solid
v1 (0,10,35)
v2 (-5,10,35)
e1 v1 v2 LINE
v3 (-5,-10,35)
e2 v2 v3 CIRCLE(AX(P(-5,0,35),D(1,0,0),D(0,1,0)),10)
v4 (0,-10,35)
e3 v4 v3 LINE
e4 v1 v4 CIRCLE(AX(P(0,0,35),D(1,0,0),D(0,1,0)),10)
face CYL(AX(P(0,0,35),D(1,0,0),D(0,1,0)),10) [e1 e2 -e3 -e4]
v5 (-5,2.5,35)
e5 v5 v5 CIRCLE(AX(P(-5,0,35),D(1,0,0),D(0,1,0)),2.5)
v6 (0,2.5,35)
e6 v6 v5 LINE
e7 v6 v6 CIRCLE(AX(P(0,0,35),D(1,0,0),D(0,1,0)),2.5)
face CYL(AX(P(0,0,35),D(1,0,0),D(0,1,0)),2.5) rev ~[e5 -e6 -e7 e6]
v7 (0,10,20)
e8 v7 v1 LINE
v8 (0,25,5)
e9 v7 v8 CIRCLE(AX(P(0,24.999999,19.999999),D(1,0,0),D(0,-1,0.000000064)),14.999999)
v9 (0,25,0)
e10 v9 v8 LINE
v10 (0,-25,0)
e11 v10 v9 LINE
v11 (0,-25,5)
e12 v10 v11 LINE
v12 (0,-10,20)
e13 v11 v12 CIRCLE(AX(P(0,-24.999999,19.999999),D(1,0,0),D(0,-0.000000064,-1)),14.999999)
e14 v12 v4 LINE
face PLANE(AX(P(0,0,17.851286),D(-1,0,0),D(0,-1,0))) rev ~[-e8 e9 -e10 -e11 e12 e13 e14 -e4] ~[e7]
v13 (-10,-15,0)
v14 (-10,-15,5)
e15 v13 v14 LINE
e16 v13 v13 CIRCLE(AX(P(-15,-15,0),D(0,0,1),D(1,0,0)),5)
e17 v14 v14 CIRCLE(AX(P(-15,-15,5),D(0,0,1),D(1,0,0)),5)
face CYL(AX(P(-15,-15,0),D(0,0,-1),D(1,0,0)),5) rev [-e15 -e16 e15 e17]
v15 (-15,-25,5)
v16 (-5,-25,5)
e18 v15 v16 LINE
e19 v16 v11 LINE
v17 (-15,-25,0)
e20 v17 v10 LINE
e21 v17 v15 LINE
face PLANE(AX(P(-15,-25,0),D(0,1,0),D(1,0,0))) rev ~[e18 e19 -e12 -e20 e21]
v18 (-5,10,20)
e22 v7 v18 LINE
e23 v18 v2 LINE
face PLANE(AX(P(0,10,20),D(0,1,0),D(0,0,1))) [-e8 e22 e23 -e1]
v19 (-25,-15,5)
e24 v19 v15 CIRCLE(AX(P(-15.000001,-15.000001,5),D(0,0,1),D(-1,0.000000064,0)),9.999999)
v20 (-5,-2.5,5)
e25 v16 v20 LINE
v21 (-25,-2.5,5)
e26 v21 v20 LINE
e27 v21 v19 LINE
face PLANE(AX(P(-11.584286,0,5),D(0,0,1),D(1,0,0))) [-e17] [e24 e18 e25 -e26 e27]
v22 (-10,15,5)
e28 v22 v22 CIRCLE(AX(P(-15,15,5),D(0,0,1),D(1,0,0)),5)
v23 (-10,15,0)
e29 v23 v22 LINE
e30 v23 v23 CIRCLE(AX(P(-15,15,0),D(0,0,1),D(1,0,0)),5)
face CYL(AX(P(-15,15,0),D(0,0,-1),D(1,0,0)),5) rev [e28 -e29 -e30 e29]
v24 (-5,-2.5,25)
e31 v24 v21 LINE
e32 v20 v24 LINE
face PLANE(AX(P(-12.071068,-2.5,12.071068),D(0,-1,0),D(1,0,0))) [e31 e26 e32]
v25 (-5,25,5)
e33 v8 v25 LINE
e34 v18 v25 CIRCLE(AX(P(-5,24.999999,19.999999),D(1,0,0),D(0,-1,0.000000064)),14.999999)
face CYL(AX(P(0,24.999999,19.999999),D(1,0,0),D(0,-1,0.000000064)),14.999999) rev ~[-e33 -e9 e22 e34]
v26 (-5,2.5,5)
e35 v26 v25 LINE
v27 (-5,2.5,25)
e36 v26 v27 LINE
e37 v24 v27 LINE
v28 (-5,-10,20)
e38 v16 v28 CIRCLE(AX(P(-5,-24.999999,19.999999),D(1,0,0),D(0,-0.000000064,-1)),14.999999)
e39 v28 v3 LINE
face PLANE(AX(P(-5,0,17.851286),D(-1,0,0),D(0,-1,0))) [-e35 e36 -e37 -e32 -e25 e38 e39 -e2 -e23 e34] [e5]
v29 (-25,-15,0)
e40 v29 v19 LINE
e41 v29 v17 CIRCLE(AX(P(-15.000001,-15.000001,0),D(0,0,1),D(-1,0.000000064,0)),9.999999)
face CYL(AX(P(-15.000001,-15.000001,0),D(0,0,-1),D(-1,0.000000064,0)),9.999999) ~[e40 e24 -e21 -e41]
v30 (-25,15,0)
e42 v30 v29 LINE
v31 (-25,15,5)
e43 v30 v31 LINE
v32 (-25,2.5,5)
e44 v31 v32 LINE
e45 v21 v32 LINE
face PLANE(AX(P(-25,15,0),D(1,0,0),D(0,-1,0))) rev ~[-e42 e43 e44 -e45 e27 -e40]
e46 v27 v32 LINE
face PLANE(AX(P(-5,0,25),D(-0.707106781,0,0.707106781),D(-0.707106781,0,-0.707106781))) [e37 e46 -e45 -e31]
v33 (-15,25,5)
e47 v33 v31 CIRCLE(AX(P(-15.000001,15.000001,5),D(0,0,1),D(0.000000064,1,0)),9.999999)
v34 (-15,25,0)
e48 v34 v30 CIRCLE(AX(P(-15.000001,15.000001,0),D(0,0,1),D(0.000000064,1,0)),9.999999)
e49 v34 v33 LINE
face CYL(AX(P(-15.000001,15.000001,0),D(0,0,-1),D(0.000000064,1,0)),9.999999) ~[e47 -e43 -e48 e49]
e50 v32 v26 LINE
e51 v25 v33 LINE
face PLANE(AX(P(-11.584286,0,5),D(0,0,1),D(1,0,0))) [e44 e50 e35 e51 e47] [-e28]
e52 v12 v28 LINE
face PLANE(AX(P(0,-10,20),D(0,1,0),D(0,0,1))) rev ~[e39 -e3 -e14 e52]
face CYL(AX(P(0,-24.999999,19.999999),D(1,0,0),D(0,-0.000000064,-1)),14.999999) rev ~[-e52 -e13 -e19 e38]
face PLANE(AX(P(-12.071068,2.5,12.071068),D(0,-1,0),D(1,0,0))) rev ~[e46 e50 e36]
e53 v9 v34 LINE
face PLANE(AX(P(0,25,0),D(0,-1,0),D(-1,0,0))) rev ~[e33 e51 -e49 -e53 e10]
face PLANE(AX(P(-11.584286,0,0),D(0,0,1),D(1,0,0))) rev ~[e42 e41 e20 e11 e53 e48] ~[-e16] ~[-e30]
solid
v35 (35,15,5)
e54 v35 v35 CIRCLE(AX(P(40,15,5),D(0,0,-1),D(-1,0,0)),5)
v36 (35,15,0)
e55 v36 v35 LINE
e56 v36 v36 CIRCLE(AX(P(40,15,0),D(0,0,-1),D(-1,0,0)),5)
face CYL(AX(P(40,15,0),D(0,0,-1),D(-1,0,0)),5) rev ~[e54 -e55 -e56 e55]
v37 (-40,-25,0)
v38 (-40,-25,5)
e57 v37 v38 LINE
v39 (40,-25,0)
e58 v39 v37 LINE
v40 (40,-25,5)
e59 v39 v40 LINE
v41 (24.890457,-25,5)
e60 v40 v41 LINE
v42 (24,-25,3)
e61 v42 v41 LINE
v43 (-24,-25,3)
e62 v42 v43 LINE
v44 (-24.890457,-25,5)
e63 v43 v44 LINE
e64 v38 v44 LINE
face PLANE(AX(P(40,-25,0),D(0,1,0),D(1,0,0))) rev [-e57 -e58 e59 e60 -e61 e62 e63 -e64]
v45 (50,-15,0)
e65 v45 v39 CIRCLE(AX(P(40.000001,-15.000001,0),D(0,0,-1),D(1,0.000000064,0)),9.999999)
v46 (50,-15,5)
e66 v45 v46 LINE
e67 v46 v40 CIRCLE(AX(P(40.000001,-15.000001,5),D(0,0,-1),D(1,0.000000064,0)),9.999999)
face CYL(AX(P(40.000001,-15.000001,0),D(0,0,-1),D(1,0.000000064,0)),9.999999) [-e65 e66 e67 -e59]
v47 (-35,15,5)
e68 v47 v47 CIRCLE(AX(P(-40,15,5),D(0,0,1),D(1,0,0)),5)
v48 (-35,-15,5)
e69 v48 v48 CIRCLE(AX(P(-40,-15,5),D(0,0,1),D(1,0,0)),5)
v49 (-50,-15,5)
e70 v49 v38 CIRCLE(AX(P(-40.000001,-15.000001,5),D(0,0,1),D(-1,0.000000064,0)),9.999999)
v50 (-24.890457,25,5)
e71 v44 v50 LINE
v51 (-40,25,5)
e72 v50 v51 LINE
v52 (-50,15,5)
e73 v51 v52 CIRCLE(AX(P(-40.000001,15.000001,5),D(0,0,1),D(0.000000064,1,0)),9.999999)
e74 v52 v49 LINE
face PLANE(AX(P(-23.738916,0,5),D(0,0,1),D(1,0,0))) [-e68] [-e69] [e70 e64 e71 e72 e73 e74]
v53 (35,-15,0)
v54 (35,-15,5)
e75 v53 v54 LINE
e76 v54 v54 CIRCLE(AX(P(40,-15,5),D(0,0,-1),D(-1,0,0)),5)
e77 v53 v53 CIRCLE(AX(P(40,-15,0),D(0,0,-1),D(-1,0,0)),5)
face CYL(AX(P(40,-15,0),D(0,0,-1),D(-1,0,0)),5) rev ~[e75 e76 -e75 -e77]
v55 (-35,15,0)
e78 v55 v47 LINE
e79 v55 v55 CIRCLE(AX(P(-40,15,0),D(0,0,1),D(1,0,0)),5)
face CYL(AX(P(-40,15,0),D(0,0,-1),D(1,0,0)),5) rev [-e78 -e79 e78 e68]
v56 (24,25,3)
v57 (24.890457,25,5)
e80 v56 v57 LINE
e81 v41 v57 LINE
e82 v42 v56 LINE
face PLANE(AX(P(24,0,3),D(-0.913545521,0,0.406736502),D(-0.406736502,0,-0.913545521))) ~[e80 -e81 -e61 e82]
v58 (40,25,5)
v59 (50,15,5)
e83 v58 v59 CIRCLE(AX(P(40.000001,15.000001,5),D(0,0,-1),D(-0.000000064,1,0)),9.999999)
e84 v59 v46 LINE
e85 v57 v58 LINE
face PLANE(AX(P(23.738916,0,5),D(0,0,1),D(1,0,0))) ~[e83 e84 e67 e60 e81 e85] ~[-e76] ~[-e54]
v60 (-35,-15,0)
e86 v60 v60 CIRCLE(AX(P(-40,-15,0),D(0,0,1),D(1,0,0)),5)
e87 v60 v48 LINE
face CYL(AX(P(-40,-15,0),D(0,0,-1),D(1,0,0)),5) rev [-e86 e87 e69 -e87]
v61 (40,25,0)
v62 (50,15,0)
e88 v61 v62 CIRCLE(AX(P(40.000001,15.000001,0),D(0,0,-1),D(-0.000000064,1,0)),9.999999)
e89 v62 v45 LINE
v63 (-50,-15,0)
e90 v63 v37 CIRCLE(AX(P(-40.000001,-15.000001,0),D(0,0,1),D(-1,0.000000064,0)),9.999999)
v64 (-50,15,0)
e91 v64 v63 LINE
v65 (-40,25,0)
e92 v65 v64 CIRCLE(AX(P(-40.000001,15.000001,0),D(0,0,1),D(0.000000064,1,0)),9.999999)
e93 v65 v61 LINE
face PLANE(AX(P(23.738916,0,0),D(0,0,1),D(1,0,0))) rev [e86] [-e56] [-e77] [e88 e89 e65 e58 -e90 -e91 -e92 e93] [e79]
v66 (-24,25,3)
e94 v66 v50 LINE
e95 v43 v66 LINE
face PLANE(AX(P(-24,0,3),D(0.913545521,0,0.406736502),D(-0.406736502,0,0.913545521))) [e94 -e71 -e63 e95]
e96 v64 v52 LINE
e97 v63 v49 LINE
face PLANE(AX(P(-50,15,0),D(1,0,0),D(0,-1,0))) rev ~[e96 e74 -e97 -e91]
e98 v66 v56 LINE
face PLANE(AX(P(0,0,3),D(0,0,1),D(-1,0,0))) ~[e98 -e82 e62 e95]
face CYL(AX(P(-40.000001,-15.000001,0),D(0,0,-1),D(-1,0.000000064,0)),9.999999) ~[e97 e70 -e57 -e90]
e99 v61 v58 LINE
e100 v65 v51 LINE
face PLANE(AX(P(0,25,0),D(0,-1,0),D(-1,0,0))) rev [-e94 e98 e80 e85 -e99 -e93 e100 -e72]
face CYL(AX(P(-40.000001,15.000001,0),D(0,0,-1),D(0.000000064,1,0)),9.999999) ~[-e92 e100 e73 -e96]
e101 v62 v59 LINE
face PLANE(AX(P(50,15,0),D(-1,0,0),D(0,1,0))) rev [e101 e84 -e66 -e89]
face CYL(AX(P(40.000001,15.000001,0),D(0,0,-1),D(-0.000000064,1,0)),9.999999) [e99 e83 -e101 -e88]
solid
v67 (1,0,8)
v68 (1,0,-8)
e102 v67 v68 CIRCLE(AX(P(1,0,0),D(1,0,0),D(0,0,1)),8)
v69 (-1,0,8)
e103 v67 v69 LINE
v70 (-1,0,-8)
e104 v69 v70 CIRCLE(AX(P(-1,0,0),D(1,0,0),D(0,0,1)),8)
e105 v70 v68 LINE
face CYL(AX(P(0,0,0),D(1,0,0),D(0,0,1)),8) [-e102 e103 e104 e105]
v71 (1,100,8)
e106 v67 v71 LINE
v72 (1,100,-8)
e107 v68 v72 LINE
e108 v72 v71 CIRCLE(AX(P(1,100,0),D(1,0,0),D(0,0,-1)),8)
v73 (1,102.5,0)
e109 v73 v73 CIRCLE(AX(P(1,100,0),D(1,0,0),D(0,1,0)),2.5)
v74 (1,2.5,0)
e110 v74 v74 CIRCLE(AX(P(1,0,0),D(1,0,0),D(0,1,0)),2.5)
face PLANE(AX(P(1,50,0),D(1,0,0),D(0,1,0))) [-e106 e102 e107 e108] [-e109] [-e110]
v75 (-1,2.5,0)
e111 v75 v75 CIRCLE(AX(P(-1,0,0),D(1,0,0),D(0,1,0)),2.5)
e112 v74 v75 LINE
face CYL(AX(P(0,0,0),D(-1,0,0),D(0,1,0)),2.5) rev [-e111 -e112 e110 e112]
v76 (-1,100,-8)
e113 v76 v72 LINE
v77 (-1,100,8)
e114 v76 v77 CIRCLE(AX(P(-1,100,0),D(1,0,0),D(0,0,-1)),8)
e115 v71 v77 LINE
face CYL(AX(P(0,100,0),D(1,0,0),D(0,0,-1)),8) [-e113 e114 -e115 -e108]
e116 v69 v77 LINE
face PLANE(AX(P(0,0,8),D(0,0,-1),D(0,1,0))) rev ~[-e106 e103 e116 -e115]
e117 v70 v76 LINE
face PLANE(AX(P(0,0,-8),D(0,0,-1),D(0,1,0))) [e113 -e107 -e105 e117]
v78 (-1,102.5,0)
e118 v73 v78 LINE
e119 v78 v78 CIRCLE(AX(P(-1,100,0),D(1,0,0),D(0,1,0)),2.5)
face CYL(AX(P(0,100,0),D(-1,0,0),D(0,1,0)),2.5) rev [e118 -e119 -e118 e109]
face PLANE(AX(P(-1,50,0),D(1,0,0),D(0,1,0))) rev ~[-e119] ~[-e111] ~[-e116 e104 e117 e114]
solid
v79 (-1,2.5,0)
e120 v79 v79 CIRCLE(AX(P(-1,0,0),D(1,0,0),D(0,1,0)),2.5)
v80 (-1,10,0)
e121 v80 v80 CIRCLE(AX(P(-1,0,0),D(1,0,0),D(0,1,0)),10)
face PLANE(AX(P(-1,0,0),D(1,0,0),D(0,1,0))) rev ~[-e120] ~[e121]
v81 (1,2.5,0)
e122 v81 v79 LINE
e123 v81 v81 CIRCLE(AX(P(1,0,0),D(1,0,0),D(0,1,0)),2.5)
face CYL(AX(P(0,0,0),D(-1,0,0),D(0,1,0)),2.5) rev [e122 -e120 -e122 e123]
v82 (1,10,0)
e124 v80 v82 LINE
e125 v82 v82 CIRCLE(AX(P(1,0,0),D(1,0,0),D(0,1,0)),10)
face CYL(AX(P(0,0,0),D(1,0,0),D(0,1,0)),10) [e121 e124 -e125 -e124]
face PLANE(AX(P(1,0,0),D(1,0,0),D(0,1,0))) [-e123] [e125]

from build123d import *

# Parameters (mm, degrees)
SKETCH_R          = 5
PAD_DEPTH         = 5
POCKET_DEPTH      = 25.001
POCKET_DEPTH_BACK = 25.001
SKETCH002_R       = 5
PAD001_DEPTH      = 5
SKETCH003_R       = 2.5
PAD002_DEPTH      = 5
PAD003_DEPTH      = 2.5
SKETCH005_R       = 10
SKETCH005_R_2     = 2.5
PAD004_DEPTH      = 1
SKETCH006_R       = 2.5
PAD005_DEPTH      = 1


with BuildPart() as base:
    # Sketch → Pad (new body)
    with BuildSketch(Plane.XY):
        with BuildLine():
            Line((-50, 15), (-50, -15))
            ThreePointArc((-50, -15), (-47.071068, -22.071068), (-40, -25))
            Line((-40, -25), (0, -25))
            Line((0, -25), (0, 25))
            Line((0, 25), (-40, 25))
            ThreePointArc((-40, 25), (-47.071068, 22.071068), (-50, 15))
        make_face()
        with Locations((-40, 15)):
            Circle(SKETCH_R, mode=Mode.SUBTRACT)
        with Locations((-40, -15)):
            Circle(SKETCH_R, mode=Mode.SUBTRACT)
    extrude(amount=PAD_DEPTH)

    # Sketch001 → Pocket (cut, two sides)
    with BuildSketch(Plane.XZ) as pocket_sk:
        Polygon((0, 3), (-24, 3), (-24.890457, 5), (0, 5), align=None)
    extrude(amount=-POCKET_DEPTH, mode=Mode.SUBTRACT)
    extrude(pocket_sk.sketch, amount=POCKET_DEPTH_BACK, mode=Mode.SUBTRACT)

    # Mirrored: Base across YZ


with BuildPart() as base_1:
    add(base.part)
    add(base.part.mirror(Plane.YZ))


with BuildPart() as bracket:
    # Sketch002 → Pad001 (new body)
    with BuildSketch(Plane.XY):
        with BuildLine():
            Line((0, 25), (-15, 25))
            ThreePointArc((-15, 25), (-22.071068, 22.071068), (-25, 15))
            Line((-25, 15), (-25, -15))
            ThreePointArc((-25, -15), (-22.071068, -22.071068), (-15, -25))
            Line((-15, -25), (0, -25))
            Line((0, -25), (0, 25))
        make_face()
        with Locations((-15, 15)):
            Circle(SKETCH002_R, mode=Mode.SUBTRACT)
        with Locations((-15, -15)):
            Circle(SKETCH002_R, mode=Mode.SUBTRACT)
    extrude(amount=PAD001_DEPTH)

    # Sketch003 → Pad002 (join)
    with BuildSketch(Plane.YZ):
        with BuildLine():
            ThreePointArc((-25, 5), (-14.393398, 9.393398), (-10, 20))
            Line((-10, 20), (-10, 35))
            ThreePointArc((10, 35), (0, 45), (-10, 35))
            Line((10, 20), (10, 35))
            ThreePointArc((10, 20), (14.393398, 9.393398), (25, 5))
            Line((-25, 5), (25, 5))
        make_face()
        with Locations((0, 35)):
            Circle(SKETCH003_R, mode=Mode.SUBTRACT)
    extrude(amount=-PAD002_DEPTH)

    # Sketch004 → Pad003 (join, symmetric)
    with BuildSketch(Plane.XZ):
        Polygon((-25, 5), (-5, 5), (-5, 25), align=None)
    extrude(amount=PAD003_DEPTH, both=True)


with BuildPart() as oring:
    # Sketch005 → Pad004 (new body, symmetric)
    with BuildSketch(Plane.YZ):
        Circle(SKETCH005_R)
        Circle(SKETCH005_R_2, mode=Mode.SUBTRACT)
    extrude(amount=PAD004_DEPTH, both=True)


with BuildPart() as link:
    # Sketch006 → Pad005 (new body, symmetric)
    with BuildSketch(Plane.YZ):
        with BuildLine():
            ThreePointArc((0, 8), (-8, 0), (0, -8))
            Line((0, -8), (100, -8))
            ThreePointArc((100, -8), (108, 0), (100, 8))
            Line((0, 8), (100, 8))
        make_face()
        Circle(SKETCH006_R, mode=Mode.SUBTRACT)
        with Locations((100, 0)):
            Circle(SKETCH006_R, mode=Mode.SUBTRACT)
    extrude(amount=PAD005_DEPTH, both=True)


solid = Compound([base_1.part, bracket.part, oring.part, link.part])
